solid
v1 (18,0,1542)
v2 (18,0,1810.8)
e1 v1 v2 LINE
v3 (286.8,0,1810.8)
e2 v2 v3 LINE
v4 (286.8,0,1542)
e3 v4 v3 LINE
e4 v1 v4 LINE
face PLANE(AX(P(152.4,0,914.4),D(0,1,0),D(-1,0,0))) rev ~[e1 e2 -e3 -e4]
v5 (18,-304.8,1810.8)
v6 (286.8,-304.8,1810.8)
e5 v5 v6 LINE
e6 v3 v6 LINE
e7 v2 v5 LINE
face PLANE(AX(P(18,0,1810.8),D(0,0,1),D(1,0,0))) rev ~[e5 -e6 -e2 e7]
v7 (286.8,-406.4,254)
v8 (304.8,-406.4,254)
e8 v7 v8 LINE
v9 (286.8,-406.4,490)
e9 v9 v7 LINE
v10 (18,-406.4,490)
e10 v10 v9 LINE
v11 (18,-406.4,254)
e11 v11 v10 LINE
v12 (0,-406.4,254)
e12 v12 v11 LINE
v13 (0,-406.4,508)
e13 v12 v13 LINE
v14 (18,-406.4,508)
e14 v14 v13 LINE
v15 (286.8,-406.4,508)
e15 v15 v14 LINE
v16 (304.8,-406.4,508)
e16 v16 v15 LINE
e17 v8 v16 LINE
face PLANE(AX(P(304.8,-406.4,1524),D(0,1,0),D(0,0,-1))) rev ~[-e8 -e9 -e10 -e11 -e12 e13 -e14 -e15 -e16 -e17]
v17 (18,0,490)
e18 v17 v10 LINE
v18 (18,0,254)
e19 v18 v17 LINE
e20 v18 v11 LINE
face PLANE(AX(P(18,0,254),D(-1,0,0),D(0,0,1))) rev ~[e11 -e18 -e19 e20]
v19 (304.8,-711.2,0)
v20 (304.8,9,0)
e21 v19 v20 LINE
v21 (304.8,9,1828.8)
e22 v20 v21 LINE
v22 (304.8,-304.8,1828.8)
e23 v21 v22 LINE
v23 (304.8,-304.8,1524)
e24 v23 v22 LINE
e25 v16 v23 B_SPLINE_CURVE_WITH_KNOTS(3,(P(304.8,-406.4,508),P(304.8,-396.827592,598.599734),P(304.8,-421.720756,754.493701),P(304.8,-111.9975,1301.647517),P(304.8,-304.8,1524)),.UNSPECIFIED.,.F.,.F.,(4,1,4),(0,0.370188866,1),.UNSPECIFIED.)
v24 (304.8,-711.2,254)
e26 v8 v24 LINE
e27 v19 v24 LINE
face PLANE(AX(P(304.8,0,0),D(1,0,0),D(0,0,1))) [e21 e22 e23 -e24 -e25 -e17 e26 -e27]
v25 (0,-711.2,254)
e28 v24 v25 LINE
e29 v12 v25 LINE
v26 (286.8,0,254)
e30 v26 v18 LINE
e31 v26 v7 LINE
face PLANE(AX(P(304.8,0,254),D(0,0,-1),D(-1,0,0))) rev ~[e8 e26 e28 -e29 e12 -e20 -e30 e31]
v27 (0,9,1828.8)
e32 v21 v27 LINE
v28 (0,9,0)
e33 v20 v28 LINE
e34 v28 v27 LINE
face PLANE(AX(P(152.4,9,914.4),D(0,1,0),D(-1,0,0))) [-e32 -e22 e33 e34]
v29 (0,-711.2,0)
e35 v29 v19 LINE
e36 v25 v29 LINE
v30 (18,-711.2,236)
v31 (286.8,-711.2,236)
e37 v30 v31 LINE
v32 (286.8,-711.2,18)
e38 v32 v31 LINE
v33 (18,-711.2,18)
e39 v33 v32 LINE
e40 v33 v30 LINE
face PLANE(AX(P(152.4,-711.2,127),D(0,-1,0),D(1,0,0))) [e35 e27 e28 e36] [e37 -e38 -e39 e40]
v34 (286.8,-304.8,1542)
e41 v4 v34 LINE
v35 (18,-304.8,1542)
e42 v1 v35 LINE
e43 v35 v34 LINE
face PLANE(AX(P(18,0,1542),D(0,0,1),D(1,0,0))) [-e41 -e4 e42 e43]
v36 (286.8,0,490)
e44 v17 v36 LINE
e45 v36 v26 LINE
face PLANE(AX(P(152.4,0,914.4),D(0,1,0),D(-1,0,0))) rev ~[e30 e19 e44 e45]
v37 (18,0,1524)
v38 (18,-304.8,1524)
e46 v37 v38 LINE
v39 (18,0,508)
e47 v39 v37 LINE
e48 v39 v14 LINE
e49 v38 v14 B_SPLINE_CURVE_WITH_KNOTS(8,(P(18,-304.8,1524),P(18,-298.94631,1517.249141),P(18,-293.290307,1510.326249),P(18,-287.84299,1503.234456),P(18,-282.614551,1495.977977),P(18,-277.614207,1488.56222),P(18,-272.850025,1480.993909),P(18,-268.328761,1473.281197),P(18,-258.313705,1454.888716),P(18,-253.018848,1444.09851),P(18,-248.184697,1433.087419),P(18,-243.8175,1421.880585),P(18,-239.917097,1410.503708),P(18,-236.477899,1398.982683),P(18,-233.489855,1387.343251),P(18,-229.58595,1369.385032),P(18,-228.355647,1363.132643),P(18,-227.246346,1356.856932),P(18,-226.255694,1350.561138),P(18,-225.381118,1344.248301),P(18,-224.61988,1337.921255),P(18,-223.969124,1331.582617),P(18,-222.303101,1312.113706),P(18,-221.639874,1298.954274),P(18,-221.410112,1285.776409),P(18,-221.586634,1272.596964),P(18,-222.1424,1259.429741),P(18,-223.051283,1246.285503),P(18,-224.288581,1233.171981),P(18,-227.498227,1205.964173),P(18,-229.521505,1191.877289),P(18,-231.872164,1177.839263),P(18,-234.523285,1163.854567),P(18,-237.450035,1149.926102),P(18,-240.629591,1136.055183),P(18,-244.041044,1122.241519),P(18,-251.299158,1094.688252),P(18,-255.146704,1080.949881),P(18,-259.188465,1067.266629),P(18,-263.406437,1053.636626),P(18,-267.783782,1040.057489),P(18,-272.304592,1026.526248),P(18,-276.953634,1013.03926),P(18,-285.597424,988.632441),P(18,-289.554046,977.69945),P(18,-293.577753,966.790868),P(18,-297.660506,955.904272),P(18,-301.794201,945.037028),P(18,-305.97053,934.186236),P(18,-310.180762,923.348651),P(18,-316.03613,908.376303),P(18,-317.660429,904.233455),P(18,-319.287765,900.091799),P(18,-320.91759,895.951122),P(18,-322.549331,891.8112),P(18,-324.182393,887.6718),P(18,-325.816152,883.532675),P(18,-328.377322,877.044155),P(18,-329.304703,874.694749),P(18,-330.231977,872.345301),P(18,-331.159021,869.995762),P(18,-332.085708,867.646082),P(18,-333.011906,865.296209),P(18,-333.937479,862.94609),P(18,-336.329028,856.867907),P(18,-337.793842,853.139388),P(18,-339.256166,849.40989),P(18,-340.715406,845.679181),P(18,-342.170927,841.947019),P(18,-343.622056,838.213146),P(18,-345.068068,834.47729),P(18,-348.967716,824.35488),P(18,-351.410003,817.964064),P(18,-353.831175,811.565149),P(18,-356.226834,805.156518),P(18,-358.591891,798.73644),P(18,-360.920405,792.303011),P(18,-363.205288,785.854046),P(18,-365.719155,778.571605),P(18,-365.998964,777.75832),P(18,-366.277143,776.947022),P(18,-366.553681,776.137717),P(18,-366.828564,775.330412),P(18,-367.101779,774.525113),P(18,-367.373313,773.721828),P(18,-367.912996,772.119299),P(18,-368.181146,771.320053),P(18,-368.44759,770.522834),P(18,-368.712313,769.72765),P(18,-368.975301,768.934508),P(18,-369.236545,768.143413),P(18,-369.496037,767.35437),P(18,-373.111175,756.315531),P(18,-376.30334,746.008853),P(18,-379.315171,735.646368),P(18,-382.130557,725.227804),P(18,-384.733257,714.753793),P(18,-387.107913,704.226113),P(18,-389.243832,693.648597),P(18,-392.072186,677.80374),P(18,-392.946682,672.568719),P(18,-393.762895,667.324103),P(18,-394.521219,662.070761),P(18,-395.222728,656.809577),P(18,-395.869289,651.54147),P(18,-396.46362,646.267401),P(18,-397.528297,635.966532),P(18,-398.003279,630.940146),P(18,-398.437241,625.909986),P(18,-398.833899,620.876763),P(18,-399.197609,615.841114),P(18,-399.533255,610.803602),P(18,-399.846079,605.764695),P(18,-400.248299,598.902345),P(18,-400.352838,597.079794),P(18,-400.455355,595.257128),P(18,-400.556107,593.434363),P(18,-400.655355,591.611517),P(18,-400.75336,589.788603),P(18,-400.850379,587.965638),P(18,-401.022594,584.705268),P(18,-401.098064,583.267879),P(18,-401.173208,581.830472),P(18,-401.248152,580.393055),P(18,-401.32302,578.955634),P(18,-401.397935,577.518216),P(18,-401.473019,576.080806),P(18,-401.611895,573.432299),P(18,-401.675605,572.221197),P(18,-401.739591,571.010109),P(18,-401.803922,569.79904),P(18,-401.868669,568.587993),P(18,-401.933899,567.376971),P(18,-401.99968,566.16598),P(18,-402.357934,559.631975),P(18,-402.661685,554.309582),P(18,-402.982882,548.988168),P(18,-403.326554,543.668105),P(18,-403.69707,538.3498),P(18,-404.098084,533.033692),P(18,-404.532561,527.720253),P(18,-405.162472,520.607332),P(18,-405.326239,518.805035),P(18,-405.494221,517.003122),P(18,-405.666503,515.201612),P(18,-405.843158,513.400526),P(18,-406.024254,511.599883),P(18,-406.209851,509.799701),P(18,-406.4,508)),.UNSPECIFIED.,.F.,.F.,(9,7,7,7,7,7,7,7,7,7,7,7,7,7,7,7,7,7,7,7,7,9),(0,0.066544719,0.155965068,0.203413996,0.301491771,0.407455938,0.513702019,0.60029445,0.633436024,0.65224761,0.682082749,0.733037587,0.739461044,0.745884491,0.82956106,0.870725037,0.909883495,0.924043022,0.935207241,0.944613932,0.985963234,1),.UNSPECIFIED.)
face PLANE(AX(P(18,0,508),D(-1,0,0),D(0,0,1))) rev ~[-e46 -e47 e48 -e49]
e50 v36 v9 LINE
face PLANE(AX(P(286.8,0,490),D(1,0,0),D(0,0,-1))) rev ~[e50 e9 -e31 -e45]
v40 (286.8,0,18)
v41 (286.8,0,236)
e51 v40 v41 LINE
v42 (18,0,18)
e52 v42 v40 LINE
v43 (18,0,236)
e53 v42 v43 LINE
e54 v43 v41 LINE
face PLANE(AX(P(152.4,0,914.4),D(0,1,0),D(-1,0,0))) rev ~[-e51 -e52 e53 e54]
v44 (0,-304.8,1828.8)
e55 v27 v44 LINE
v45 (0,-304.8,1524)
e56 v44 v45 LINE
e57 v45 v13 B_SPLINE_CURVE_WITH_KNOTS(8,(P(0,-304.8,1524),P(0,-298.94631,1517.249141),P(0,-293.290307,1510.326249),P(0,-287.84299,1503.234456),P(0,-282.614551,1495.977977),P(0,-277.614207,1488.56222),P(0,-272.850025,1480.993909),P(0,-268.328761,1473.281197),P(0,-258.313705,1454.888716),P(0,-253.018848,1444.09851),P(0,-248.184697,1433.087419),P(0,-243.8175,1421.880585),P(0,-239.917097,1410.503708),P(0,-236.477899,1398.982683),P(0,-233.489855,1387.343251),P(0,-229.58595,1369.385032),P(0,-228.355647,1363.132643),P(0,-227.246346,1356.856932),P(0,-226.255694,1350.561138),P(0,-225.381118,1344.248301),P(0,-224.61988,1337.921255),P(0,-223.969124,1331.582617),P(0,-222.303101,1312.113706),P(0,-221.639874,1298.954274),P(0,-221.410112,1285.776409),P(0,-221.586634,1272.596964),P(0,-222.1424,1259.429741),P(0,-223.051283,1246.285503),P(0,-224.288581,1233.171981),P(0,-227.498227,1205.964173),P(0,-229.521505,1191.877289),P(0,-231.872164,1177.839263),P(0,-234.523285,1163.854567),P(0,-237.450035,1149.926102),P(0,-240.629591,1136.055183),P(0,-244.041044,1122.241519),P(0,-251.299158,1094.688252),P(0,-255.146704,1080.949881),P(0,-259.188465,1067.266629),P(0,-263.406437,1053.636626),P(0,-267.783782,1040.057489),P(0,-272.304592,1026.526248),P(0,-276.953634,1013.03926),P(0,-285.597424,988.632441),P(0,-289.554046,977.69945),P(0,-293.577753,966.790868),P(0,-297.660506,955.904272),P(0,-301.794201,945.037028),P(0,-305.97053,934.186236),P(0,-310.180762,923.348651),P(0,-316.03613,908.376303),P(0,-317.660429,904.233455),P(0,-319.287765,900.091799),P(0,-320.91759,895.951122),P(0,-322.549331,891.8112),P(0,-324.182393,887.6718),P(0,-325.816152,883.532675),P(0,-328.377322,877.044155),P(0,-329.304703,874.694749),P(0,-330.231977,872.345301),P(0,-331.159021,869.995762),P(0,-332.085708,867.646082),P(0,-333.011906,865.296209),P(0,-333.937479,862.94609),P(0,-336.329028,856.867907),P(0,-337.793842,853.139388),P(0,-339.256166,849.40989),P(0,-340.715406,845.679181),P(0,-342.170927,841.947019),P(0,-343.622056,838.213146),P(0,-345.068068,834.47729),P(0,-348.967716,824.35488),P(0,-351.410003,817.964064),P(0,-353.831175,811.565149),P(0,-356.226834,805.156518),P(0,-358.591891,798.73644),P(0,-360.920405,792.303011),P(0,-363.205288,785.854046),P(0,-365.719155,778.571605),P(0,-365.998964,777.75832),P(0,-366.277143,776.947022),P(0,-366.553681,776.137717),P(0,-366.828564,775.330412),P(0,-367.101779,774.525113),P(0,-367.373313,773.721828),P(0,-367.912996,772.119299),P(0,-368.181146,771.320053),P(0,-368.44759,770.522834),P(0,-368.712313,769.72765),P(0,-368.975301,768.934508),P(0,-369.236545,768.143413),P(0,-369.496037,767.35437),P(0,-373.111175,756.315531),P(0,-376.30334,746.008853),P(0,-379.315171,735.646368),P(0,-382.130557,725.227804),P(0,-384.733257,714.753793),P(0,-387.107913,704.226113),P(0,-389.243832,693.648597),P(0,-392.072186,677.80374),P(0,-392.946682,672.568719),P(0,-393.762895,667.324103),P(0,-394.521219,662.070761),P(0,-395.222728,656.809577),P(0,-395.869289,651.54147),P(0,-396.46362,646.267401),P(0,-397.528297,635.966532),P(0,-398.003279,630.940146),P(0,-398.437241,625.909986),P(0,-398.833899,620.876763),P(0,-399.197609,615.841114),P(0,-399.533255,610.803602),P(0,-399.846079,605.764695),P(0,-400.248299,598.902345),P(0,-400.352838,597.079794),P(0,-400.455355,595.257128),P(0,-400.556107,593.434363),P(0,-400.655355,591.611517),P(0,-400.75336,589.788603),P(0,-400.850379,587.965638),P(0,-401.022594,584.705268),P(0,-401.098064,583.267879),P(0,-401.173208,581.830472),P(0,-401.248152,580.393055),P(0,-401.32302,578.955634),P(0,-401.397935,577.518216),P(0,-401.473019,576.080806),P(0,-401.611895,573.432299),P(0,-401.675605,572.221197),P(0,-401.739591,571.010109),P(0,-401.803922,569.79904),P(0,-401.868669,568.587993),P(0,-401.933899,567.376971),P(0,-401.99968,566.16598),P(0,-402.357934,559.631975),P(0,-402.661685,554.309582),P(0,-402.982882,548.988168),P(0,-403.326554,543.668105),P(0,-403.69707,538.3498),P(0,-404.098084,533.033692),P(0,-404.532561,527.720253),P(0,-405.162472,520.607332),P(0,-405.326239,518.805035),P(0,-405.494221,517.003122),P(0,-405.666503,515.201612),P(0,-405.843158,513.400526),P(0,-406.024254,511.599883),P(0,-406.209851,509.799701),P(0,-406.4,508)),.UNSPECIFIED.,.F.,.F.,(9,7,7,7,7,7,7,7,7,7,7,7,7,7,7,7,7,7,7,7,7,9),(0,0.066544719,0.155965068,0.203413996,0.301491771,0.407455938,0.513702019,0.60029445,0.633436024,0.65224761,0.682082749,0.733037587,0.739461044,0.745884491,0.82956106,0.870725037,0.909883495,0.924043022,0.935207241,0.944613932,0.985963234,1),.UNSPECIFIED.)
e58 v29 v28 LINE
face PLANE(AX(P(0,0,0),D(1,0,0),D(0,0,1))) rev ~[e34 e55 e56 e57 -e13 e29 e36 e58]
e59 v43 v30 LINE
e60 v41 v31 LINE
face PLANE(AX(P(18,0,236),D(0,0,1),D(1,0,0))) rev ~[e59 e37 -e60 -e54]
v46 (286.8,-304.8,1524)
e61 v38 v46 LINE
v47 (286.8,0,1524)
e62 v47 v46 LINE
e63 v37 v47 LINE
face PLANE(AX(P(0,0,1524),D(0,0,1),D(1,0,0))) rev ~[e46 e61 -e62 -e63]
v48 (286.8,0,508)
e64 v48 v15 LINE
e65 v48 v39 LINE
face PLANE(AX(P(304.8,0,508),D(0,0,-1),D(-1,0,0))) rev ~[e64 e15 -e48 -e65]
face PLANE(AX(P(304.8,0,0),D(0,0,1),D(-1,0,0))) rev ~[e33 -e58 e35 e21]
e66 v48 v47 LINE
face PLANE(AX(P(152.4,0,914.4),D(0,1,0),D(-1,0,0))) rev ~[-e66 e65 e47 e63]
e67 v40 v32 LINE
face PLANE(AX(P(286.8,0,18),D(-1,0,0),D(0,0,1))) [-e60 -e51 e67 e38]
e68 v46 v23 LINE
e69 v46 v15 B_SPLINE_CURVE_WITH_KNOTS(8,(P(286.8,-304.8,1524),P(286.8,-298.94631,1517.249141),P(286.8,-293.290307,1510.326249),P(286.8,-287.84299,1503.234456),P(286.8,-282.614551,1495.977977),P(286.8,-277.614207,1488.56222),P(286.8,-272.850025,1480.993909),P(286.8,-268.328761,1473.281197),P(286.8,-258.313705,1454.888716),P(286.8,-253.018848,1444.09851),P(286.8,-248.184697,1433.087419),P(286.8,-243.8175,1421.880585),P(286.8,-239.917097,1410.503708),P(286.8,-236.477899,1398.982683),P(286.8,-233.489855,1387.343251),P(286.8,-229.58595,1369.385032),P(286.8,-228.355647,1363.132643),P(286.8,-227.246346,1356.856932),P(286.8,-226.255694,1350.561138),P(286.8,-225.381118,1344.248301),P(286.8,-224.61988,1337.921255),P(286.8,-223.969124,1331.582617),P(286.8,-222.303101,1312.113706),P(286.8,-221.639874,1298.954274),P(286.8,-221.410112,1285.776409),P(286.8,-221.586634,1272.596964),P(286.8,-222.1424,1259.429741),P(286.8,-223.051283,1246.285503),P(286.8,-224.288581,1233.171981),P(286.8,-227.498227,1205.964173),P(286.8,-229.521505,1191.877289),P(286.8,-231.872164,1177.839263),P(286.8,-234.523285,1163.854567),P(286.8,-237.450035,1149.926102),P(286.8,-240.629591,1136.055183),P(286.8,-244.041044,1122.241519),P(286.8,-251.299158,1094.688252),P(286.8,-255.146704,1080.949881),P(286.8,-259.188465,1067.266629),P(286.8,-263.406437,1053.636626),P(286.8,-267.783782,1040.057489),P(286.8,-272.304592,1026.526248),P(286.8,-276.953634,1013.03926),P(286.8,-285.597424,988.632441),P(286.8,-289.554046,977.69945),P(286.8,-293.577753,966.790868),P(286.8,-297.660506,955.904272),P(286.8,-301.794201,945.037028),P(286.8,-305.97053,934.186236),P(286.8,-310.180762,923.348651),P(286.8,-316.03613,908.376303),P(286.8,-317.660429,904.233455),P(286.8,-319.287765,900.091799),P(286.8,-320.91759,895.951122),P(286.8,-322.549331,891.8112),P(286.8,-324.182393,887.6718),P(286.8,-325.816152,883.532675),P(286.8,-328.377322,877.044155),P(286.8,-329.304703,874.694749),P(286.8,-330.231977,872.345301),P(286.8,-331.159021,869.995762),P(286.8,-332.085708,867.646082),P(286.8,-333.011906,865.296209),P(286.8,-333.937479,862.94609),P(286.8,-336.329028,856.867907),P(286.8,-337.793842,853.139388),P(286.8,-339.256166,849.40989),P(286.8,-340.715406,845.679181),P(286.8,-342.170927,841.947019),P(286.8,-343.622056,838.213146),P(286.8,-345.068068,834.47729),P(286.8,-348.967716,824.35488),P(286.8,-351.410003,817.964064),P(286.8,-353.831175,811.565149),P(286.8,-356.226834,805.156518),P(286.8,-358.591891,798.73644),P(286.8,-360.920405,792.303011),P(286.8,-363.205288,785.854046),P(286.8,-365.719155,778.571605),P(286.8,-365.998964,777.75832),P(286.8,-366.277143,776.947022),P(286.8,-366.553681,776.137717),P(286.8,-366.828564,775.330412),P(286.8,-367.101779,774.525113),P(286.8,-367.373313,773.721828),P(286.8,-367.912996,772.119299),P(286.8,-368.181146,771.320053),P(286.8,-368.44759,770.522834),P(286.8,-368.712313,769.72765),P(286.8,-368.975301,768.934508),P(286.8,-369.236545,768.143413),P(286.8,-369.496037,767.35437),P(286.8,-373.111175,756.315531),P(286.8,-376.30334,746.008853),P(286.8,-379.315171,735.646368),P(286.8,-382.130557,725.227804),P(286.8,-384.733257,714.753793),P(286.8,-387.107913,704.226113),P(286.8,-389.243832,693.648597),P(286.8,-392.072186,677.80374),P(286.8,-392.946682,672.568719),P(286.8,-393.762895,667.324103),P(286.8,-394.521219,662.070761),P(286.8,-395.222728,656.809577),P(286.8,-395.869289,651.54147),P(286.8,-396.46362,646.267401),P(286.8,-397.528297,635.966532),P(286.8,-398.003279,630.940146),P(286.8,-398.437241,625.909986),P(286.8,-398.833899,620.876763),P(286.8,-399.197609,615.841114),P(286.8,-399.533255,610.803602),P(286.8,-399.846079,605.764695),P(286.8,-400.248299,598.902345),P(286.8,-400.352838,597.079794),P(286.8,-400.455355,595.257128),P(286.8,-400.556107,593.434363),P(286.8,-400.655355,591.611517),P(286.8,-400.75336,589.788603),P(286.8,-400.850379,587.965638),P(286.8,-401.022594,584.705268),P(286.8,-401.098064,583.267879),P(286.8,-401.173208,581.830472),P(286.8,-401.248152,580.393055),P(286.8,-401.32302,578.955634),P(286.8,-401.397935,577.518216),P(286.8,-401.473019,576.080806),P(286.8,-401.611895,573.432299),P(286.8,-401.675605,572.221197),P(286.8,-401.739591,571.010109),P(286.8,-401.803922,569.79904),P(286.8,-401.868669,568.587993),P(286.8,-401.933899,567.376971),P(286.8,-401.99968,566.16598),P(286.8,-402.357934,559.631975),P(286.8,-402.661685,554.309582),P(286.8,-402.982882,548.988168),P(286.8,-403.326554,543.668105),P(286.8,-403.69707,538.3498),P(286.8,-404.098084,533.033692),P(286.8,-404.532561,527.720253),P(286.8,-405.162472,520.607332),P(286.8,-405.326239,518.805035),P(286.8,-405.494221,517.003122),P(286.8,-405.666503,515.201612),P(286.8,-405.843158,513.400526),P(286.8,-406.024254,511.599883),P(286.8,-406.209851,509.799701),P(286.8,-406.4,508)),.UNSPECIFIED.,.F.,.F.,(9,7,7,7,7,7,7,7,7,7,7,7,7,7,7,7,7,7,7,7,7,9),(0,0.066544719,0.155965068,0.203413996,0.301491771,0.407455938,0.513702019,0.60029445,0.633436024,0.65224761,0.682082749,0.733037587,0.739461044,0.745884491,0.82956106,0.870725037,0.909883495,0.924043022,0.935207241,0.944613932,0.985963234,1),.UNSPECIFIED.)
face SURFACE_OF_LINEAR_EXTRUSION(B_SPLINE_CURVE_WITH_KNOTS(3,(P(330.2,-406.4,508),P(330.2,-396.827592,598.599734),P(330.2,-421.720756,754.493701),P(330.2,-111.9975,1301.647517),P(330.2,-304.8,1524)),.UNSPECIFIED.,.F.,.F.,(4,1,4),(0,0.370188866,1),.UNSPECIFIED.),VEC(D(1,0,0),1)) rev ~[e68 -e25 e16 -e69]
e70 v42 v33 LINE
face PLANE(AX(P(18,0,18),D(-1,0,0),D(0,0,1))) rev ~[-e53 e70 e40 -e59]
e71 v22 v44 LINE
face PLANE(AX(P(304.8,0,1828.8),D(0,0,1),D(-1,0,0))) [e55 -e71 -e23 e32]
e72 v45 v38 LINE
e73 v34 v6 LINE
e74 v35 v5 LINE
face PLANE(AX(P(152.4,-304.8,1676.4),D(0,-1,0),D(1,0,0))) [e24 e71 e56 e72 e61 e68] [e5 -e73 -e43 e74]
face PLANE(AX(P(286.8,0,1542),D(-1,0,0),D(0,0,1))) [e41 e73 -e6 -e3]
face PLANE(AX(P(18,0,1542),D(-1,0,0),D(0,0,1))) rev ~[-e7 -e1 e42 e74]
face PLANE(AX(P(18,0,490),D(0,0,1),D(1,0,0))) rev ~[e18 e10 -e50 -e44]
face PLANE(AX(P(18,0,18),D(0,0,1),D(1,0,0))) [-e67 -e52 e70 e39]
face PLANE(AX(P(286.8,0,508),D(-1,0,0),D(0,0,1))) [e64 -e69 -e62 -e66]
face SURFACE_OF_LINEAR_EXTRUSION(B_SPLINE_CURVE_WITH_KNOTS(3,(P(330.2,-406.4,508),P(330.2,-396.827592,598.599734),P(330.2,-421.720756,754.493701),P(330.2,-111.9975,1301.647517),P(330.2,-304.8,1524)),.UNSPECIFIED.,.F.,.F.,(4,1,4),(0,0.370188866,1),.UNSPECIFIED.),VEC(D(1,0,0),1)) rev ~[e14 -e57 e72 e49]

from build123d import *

# Parameters (mm, degrees)
F0_W      = 268.8
F0_H      = 218
F4_DEPTH  = 711.2
F5_DEPTH  = 406.4
F2_W      = 268.8
F2_H      = 268.8
F6_DEPTH  = 304.8
F3_W      = 18
F3_H      = 1016
F7_DEPTH  = 406.4
F9_DEPTH  = 25.4
F10_DEPTH = 330.201
F11_W     = 304.8
F11_H     = 1828.8
F12_DEPTH = 9


with BuildPart() as f4:
    # F0 (on Front) → F4 (new body)
    with BuildSketch(Plane.XZ):
        Polygon((0, 254), (0, 0), (304.8, 0), (304.8, 254), (286.8, 254), (18, 254), align=None)
        with Locations((152.4, 127)):
            Rectangle(F0_W, F0_H, mode=Mode.SUBTRACT)
    extrude(amount=F4_DEPTH)

    # F1 (on face) → F5 (join)
    with BuildSketch(Plane.XZ):
        Polygon((0, 254), (18, 254), (18, 490), (286.8, 490), (286.8, 254), (304.8, 254), (304.8, 508), (0, 508), align=None)
    extrude(amount=F5_DEPTH)



with BuildPart() as f6:
    # F2 (on face) → F6 (new body)
    with BuildSketch(Plane.XZ):
        Polygon((286.8, 1524), (304.8, 1524), (304.8, 1828.8), (0, 1828.8), (0, 1524), (18, 1524), align=None)
        with Locations((152.4, 1676.4)):
            Rectangle(F2_W, F2_H, mode=Mode.SUBTRACT)
    extrude(amount=F6_DEPTH)


with BuildPart() as f4_1:
    add(f4.part)

    add(f6.part)  # F7 merges F6
    # F3 (on face) → F7 (join)
    with BuildSketch(Plane.XZ):
        with Locations((9, 1016)):
            Rectangle(F3_W, F3_H)
        with Locations((295.8, 1016)):
            Rectangle(F3_W, F3_H)
    extrude(amount=F7_DEPTH)

    # F8 (on face) → F9 (join)
    with BuildSketch(Plane.YZ.offset(304.8)):
        with BuildLine():
            Line((-406.4, 1524), (-406.4, 508))
            add(Edge.make_bspline(
                [(-406.4, 508), (-396.8275922681, 598.5997341904), (-421.7207556926, 754.4937009727), (-111.9974998318, 1301.6475166208), (-304.8, 1524)],
                knots=[0, 0, 0, 0, 0.3701888658, 1, 1, 1, 1], degree=3))
            Line((-304.8, 1524), (-406.4, 1524))
        make_face()
    extrude(amount=F9_DEPTH)

    # F10 (cut, through all): a face of the model
    f10_faces = [f4_1.faces().sort_by_distance(p)[0] for p in [
        (330.2, -333.081689218, 1181.2920235829),
    ]]
    extrude(f10_faces, amount=-F10_DEPTH, mode=Mode.SUBTRACT)

    # F11 (on face) → F12 (join)
    with BuildSketch(Plane(origin=(0, 0, 0), x_dir=(-1, 0, 0), z_dir=(0, 1, 0))):
        with Locations((-152.4, 914.4)):
            Rectangle(F11_W, F11_H)
    extrude(amount=F12_DEPTH)


solid = f4_1.part
